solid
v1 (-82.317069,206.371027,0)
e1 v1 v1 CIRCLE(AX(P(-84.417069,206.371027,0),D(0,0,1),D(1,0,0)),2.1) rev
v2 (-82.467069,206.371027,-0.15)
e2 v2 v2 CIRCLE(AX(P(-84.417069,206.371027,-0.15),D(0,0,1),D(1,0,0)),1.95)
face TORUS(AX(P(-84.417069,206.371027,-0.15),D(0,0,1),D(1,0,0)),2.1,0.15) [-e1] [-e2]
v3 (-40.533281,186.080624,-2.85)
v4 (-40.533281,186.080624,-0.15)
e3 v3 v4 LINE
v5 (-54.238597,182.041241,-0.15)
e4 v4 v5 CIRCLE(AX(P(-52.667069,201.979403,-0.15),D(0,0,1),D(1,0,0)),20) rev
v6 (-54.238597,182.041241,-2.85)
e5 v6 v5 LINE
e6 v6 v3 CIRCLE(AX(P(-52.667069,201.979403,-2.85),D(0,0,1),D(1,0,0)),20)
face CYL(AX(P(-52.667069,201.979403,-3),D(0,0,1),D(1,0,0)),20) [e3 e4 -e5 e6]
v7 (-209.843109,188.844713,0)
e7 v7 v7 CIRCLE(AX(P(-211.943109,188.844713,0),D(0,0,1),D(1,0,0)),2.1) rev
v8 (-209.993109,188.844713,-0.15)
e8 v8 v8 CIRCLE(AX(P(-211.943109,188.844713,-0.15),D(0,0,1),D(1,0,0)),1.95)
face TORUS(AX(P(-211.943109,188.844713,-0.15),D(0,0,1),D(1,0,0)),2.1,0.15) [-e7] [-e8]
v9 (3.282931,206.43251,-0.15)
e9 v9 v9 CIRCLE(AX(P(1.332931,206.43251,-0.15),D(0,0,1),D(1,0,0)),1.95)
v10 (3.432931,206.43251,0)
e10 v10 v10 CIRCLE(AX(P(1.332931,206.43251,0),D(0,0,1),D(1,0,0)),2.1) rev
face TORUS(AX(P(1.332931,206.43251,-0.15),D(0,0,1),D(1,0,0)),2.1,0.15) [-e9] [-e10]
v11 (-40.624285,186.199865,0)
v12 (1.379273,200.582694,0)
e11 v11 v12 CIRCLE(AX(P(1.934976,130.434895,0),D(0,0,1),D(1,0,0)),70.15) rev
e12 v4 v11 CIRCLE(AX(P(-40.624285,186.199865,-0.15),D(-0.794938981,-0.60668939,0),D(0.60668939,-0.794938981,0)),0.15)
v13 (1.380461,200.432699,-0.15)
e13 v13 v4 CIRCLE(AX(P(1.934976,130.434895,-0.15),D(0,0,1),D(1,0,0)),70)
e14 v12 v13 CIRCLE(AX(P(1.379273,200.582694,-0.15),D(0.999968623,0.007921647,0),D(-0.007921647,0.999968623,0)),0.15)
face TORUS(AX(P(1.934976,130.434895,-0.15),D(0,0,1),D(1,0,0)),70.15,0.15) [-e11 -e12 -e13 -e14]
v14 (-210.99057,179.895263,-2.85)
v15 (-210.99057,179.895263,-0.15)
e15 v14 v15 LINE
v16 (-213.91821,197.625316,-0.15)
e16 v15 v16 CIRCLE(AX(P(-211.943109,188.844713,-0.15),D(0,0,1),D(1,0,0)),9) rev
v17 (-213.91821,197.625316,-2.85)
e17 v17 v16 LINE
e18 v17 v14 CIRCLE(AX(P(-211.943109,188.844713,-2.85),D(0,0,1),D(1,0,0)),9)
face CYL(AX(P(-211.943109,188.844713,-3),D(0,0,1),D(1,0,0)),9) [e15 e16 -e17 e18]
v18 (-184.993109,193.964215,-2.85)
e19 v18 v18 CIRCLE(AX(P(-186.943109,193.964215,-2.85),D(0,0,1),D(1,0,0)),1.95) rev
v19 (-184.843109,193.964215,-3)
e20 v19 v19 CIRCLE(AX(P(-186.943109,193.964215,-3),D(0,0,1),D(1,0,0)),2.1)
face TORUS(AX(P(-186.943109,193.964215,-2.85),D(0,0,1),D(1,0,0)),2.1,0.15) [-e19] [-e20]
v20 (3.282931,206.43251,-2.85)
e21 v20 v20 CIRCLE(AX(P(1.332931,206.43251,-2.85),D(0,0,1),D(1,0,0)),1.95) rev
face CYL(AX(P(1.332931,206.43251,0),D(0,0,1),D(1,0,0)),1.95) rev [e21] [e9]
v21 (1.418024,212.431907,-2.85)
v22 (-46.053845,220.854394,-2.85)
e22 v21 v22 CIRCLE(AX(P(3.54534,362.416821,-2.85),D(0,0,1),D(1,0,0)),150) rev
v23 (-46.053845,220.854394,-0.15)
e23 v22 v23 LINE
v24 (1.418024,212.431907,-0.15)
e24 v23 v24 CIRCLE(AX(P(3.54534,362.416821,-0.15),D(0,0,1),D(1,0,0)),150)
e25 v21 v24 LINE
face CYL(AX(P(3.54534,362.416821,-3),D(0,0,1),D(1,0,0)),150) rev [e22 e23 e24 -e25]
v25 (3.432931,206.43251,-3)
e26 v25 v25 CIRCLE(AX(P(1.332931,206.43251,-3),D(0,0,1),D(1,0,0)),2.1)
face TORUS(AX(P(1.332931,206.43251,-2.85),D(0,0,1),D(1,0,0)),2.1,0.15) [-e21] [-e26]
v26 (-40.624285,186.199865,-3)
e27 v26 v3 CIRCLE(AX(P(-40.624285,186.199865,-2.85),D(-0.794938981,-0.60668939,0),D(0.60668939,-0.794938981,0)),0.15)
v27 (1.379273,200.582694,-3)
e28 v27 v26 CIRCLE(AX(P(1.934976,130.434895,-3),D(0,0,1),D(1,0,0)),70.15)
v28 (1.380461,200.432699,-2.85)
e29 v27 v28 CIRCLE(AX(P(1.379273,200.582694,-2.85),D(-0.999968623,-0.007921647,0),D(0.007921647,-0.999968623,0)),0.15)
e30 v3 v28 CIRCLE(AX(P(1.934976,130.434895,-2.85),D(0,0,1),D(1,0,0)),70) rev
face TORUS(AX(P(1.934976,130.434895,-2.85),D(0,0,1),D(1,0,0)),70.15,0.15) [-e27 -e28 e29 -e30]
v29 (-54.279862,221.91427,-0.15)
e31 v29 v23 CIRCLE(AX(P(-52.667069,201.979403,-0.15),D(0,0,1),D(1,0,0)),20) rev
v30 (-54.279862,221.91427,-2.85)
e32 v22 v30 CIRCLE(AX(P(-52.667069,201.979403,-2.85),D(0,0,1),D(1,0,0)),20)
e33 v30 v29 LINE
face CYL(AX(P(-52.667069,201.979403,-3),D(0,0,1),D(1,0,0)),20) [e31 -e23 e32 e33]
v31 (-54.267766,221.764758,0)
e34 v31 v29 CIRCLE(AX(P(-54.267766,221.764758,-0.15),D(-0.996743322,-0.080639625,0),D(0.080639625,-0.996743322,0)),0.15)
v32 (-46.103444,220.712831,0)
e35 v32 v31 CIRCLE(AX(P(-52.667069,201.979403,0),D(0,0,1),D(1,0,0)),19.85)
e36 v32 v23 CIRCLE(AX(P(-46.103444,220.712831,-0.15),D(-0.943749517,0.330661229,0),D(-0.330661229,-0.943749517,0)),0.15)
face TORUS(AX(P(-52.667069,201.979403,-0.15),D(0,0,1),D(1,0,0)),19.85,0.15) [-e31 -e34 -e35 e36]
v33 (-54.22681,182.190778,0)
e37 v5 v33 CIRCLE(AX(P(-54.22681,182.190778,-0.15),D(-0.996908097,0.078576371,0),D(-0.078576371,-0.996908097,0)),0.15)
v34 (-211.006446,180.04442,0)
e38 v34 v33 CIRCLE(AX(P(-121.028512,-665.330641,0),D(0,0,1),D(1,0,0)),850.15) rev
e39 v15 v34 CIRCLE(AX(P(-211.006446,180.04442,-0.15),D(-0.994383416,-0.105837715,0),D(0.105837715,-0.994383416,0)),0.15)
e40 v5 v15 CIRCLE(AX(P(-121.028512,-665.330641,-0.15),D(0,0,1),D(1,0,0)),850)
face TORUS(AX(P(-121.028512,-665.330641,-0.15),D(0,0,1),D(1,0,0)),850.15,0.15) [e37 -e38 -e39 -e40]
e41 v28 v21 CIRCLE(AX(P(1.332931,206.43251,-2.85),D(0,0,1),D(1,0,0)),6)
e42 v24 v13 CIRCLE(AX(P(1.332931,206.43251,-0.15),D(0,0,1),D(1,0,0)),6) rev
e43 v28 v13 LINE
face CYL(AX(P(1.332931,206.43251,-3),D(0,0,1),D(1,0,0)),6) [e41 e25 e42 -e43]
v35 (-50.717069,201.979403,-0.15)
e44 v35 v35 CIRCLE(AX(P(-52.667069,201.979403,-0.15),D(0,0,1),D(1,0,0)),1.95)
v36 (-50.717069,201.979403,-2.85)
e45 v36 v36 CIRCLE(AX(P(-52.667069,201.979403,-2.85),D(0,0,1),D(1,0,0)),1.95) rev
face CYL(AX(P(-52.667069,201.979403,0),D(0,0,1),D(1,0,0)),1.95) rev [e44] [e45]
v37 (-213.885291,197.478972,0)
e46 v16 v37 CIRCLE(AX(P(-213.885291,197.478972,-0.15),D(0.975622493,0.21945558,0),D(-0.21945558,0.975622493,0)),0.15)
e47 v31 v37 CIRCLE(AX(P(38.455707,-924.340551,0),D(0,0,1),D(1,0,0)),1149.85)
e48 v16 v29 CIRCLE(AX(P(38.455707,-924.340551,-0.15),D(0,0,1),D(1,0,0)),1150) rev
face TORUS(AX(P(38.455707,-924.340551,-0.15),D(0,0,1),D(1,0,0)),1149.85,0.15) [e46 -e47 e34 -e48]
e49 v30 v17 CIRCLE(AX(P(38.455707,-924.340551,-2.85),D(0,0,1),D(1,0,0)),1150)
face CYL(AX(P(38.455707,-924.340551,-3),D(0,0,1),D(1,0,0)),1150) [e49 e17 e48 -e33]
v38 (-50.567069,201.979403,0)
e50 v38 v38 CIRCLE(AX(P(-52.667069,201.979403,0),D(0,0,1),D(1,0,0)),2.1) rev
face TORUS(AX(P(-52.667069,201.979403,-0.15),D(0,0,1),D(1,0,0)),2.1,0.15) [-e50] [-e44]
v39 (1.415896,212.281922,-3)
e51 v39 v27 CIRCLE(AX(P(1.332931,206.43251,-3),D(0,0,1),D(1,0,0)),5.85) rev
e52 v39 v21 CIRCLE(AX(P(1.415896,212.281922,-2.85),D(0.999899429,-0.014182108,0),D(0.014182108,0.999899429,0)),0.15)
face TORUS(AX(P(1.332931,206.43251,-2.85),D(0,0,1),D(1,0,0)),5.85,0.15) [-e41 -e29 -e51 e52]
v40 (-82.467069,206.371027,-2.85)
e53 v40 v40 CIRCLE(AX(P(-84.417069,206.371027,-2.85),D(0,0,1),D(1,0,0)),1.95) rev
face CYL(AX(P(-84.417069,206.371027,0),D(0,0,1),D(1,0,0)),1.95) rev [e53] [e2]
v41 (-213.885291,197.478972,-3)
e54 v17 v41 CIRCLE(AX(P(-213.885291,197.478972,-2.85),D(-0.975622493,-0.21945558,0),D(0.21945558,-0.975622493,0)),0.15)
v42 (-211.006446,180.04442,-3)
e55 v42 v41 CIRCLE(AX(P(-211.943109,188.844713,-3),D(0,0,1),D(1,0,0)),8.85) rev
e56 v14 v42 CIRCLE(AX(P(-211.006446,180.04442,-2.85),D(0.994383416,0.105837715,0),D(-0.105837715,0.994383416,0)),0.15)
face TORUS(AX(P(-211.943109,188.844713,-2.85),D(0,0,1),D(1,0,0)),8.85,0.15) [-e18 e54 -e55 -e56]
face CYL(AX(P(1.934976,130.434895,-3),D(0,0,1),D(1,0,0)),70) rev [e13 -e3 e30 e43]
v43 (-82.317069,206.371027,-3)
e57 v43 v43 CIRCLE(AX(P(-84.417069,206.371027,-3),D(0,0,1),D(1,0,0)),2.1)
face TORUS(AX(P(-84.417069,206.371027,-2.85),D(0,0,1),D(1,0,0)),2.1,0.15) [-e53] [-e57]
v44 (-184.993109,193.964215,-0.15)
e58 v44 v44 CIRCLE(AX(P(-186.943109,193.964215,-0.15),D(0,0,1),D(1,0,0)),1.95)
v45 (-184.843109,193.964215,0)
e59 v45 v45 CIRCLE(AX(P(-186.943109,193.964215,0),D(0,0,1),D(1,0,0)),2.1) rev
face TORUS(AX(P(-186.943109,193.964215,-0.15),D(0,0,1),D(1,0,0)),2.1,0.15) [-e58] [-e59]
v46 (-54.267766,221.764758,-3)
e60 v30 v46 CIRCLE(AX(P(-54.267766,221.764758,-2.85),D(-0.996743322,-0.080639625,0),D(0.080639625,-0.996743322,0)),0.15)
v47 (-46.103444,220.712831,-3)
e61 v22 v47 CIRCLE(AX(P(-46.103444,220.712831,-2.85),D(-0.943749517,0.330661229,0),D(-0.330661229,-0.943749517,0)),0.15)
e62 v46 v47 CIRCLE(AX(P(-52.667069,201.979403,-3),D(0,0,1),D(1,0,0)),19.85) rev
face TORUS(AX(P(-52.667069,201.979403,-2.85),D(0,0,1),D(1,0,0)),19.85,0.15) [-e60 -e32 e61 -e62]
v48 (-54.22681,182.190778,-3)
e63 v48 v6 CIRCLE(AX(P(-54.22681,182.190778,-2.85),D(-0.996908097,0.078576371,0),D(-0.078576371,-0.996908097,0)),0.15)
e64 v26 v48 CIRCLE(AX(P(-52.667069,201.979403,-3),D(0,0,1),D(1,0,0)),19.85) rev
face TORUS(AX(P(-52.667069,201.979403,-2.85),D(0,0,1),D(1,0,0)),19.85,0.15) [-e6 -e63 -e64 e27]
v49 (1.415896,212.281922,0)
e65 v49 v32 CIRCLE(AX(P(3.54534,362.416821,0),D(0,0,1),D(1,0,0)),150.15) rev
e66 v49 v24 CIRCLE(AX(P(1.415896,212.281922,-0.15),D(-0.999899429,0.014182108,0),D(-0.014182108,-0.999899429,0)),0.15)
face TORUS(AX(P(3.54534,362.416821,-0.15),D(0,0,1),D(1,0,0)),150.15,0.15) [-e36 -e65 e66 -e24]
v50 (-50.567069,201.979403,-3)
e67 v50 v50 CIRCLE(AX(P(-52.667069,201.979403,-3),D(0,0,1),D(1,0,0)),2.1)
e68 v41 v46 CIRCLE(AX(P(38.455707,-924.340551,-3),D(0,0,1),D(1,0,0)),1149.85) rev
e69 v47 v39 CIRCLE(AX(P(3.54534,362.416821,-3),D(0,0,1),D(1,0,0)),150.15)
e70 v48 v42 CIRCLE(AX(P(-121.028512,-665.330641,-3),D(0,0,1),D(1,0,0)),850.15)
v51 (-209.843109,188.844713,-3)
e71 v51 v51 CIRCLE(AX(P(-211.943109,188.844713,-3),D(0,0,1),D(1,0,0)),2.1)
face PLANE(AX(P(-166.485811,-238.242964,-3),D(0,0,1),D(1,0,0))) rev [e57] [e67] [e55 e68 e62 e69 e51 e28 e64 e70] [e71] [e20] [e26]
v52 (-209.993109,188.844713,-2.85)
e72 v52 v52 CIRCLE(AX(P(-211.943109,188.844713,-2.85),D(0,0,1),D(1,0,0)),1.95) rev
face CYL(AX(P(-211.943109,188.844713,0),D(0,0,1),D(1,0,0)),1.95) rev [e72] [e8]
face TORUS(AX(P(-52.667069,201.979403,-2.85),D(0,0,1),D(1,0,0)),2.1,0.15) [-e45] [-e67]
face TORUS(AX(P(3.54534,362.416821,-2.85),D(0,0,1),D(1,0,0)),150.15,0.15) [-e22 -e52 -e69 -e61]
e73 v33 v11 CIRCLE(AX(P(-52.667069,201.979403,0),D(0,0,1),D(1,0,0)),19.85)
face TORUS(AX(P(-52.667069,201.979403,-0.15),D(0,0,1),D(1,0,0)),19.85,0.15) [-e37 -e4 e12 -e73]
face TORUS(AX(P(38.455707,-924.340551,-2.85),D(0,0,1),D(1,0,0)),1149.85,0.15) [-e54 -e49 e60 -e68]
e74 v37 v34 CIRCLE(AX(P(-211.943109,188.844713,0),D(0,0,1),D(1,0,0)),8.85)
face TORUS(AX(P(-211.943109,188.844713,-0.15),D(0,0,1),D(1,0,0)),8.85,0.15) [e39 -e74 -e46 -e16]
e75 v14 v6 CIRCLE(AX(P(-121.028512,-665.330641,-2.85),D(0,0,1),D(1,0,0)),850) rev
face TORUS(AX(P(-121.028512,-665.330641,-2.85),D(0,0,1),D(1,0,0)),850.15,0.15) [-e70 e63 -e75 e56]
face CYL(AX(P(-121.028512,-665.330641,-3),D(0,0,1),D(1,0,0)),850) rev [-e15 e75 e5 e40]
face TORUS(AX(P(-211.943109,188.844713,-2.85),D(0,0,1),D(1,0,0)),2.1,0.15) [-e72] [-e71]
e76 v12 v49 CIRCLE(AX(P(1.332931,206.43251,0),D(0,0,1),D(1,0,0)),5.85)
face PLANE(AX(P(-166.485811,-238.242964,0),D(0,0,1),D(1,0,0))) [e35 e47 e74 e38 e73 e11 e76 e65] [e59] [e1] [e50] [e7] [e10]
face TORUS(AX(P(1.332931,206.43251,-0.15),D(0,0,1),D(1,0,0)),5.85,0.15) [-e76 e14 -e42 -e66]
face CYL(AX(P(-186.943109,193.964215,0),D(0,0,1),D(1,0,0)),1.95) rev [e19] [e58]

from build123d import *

# Parameters (mm, degrees)
DODANIE_WYCI_GNI_CIE1_DEPTH = 3
OTW_R_POD_RUB_M3_51_D       = 3.9
OTW_R_POD_RUB_M3_51_DEPTH   = 10
OTW_R_POD_RUB_M3_51_TIP     = 1.171678207
ZAOKR_GLENIE1_R             = 0.15


with BuildPart() as part:
    # Szkic2 → Dodanie-wyciągnięcie1 (new body)
    with BuildSketch(Plane.XY):
        with BuildLine():
            ThreePointArc((-213.918209682, 197.62531581), (-134.525874476, 212.575176987), (-54.279861598, 221.914269865))
            ThreePointArc((-54.279861598, 221.914269865), (-50.111308046, 221.815433396), (-46.053844528, 220.854393765))
            ThreePointArc((-46.053844528, 220.854393765), (-22.658520339, 214.723362786), (1.418023546, 212.431907063))
            ThreePointArc((1.418023546, 212.431907063), (7.332901497, 206.413727957), (1.380460775, 200.43269875))
            ThreePointArc((1.380460775, 200.43269875), (-20.741779779, 196.660001734), (-40.533281296, 186.080623794))
            ThreePointArc((-40.533281296, 186.080623794), (-47.012912361, 182.795282077), (-54.23859653, 182.041241475))
            ThreePointArc((-54.23859653, 182.041241475), (-132.664162133, 184.589715081), (-210.99057003, 179.89526263))
            ThreePointArc((-210.99057003, 179.89526263), (-220.822867576, 187.378461035), (-213.918209682, 197.62531581))
        make_face()
    extrude(amount=-DODANIE_WYCI_GNI_CIE1_DEPTH)

    # Otwór pod śrubę M3.51
    with Locations(Plane.XY):
        with Locations((-211.943109466, 188.844713374), (-186.943109466, 193.964215329), (-84.417069104, 206.371027022), (-52.667069104, 201.979403415), (1.332930896, 206.43251049)):
            Hole(OTW_R_POD_RUB_M3_51_D / 2, depth=OTW_R_POD_RUB_M3_51_DEPTH)
            with Locations((0, 0, -(OTW_R_POD_RUB_M3_51_DEPTH + OTW_R_POD_RUB_M3_51_TIP / 2))):  # 118° drill point
                Cone(0, OTW_R_POD_RUB_M3_51_D / 2, OTW_R_POD_RUB_M3_51_TIP, mode=Mode.SUBTRACT)

    # Zaokrąglenie1
    zaokr_glenie1_edges = [part.edges().sort_by_distance(p)[0] for p in [
        (-47.012912361, 182.795282077, -3),
        (-132.664162133, 184.589715081, 0),
        (-220.822867576, 187.378461035, 0),
        (-20.741779779, 196.660001734, -3),
        (7.332901497, 206.413727957, -3),
        (-22.658520339, 214.723362786, -3),
        (-50.111308046, 221.815433396, -3),
        (-134.525874476, 212.575176987, -3),
        (3.282930896, 206.43251049, -3),
        (3.282930896, 206.43251049, 0),
        (-50.717069104, 201.979403415, -3),
        (-50.717069104, 201.979403415, 0),
        (-82.467069104, 206.371027022, -3),
        (-82.467069104, 206.371027022, 0),
        (-220.822867576, 187.378461035, -3),
        (-184.993109466, 193.964215329, -3),
        (-184.993109466, 193.964215329, 0),
        (-209.993109466, 188.844713374, -3),
        (-209.993109466, 188.844713374, 0),
        (-132.664162133, 184.589715081, -3),
        (-134.525874476, 212.575176987, 0),
        (-50.111308046, 221.815433396, 0),
        (-22.658520339, 214.723362786, 0),
        (7.332901497, 206.413727957, 0),
        (-20.741779779, 196.660001734, 0),
        (-47.012912361, 182.795282077, 0),
    ]]
    fillet(zaokr_glenie1_edges, radius=ZAOKR_GLENIE1_R)


solid = part.part
